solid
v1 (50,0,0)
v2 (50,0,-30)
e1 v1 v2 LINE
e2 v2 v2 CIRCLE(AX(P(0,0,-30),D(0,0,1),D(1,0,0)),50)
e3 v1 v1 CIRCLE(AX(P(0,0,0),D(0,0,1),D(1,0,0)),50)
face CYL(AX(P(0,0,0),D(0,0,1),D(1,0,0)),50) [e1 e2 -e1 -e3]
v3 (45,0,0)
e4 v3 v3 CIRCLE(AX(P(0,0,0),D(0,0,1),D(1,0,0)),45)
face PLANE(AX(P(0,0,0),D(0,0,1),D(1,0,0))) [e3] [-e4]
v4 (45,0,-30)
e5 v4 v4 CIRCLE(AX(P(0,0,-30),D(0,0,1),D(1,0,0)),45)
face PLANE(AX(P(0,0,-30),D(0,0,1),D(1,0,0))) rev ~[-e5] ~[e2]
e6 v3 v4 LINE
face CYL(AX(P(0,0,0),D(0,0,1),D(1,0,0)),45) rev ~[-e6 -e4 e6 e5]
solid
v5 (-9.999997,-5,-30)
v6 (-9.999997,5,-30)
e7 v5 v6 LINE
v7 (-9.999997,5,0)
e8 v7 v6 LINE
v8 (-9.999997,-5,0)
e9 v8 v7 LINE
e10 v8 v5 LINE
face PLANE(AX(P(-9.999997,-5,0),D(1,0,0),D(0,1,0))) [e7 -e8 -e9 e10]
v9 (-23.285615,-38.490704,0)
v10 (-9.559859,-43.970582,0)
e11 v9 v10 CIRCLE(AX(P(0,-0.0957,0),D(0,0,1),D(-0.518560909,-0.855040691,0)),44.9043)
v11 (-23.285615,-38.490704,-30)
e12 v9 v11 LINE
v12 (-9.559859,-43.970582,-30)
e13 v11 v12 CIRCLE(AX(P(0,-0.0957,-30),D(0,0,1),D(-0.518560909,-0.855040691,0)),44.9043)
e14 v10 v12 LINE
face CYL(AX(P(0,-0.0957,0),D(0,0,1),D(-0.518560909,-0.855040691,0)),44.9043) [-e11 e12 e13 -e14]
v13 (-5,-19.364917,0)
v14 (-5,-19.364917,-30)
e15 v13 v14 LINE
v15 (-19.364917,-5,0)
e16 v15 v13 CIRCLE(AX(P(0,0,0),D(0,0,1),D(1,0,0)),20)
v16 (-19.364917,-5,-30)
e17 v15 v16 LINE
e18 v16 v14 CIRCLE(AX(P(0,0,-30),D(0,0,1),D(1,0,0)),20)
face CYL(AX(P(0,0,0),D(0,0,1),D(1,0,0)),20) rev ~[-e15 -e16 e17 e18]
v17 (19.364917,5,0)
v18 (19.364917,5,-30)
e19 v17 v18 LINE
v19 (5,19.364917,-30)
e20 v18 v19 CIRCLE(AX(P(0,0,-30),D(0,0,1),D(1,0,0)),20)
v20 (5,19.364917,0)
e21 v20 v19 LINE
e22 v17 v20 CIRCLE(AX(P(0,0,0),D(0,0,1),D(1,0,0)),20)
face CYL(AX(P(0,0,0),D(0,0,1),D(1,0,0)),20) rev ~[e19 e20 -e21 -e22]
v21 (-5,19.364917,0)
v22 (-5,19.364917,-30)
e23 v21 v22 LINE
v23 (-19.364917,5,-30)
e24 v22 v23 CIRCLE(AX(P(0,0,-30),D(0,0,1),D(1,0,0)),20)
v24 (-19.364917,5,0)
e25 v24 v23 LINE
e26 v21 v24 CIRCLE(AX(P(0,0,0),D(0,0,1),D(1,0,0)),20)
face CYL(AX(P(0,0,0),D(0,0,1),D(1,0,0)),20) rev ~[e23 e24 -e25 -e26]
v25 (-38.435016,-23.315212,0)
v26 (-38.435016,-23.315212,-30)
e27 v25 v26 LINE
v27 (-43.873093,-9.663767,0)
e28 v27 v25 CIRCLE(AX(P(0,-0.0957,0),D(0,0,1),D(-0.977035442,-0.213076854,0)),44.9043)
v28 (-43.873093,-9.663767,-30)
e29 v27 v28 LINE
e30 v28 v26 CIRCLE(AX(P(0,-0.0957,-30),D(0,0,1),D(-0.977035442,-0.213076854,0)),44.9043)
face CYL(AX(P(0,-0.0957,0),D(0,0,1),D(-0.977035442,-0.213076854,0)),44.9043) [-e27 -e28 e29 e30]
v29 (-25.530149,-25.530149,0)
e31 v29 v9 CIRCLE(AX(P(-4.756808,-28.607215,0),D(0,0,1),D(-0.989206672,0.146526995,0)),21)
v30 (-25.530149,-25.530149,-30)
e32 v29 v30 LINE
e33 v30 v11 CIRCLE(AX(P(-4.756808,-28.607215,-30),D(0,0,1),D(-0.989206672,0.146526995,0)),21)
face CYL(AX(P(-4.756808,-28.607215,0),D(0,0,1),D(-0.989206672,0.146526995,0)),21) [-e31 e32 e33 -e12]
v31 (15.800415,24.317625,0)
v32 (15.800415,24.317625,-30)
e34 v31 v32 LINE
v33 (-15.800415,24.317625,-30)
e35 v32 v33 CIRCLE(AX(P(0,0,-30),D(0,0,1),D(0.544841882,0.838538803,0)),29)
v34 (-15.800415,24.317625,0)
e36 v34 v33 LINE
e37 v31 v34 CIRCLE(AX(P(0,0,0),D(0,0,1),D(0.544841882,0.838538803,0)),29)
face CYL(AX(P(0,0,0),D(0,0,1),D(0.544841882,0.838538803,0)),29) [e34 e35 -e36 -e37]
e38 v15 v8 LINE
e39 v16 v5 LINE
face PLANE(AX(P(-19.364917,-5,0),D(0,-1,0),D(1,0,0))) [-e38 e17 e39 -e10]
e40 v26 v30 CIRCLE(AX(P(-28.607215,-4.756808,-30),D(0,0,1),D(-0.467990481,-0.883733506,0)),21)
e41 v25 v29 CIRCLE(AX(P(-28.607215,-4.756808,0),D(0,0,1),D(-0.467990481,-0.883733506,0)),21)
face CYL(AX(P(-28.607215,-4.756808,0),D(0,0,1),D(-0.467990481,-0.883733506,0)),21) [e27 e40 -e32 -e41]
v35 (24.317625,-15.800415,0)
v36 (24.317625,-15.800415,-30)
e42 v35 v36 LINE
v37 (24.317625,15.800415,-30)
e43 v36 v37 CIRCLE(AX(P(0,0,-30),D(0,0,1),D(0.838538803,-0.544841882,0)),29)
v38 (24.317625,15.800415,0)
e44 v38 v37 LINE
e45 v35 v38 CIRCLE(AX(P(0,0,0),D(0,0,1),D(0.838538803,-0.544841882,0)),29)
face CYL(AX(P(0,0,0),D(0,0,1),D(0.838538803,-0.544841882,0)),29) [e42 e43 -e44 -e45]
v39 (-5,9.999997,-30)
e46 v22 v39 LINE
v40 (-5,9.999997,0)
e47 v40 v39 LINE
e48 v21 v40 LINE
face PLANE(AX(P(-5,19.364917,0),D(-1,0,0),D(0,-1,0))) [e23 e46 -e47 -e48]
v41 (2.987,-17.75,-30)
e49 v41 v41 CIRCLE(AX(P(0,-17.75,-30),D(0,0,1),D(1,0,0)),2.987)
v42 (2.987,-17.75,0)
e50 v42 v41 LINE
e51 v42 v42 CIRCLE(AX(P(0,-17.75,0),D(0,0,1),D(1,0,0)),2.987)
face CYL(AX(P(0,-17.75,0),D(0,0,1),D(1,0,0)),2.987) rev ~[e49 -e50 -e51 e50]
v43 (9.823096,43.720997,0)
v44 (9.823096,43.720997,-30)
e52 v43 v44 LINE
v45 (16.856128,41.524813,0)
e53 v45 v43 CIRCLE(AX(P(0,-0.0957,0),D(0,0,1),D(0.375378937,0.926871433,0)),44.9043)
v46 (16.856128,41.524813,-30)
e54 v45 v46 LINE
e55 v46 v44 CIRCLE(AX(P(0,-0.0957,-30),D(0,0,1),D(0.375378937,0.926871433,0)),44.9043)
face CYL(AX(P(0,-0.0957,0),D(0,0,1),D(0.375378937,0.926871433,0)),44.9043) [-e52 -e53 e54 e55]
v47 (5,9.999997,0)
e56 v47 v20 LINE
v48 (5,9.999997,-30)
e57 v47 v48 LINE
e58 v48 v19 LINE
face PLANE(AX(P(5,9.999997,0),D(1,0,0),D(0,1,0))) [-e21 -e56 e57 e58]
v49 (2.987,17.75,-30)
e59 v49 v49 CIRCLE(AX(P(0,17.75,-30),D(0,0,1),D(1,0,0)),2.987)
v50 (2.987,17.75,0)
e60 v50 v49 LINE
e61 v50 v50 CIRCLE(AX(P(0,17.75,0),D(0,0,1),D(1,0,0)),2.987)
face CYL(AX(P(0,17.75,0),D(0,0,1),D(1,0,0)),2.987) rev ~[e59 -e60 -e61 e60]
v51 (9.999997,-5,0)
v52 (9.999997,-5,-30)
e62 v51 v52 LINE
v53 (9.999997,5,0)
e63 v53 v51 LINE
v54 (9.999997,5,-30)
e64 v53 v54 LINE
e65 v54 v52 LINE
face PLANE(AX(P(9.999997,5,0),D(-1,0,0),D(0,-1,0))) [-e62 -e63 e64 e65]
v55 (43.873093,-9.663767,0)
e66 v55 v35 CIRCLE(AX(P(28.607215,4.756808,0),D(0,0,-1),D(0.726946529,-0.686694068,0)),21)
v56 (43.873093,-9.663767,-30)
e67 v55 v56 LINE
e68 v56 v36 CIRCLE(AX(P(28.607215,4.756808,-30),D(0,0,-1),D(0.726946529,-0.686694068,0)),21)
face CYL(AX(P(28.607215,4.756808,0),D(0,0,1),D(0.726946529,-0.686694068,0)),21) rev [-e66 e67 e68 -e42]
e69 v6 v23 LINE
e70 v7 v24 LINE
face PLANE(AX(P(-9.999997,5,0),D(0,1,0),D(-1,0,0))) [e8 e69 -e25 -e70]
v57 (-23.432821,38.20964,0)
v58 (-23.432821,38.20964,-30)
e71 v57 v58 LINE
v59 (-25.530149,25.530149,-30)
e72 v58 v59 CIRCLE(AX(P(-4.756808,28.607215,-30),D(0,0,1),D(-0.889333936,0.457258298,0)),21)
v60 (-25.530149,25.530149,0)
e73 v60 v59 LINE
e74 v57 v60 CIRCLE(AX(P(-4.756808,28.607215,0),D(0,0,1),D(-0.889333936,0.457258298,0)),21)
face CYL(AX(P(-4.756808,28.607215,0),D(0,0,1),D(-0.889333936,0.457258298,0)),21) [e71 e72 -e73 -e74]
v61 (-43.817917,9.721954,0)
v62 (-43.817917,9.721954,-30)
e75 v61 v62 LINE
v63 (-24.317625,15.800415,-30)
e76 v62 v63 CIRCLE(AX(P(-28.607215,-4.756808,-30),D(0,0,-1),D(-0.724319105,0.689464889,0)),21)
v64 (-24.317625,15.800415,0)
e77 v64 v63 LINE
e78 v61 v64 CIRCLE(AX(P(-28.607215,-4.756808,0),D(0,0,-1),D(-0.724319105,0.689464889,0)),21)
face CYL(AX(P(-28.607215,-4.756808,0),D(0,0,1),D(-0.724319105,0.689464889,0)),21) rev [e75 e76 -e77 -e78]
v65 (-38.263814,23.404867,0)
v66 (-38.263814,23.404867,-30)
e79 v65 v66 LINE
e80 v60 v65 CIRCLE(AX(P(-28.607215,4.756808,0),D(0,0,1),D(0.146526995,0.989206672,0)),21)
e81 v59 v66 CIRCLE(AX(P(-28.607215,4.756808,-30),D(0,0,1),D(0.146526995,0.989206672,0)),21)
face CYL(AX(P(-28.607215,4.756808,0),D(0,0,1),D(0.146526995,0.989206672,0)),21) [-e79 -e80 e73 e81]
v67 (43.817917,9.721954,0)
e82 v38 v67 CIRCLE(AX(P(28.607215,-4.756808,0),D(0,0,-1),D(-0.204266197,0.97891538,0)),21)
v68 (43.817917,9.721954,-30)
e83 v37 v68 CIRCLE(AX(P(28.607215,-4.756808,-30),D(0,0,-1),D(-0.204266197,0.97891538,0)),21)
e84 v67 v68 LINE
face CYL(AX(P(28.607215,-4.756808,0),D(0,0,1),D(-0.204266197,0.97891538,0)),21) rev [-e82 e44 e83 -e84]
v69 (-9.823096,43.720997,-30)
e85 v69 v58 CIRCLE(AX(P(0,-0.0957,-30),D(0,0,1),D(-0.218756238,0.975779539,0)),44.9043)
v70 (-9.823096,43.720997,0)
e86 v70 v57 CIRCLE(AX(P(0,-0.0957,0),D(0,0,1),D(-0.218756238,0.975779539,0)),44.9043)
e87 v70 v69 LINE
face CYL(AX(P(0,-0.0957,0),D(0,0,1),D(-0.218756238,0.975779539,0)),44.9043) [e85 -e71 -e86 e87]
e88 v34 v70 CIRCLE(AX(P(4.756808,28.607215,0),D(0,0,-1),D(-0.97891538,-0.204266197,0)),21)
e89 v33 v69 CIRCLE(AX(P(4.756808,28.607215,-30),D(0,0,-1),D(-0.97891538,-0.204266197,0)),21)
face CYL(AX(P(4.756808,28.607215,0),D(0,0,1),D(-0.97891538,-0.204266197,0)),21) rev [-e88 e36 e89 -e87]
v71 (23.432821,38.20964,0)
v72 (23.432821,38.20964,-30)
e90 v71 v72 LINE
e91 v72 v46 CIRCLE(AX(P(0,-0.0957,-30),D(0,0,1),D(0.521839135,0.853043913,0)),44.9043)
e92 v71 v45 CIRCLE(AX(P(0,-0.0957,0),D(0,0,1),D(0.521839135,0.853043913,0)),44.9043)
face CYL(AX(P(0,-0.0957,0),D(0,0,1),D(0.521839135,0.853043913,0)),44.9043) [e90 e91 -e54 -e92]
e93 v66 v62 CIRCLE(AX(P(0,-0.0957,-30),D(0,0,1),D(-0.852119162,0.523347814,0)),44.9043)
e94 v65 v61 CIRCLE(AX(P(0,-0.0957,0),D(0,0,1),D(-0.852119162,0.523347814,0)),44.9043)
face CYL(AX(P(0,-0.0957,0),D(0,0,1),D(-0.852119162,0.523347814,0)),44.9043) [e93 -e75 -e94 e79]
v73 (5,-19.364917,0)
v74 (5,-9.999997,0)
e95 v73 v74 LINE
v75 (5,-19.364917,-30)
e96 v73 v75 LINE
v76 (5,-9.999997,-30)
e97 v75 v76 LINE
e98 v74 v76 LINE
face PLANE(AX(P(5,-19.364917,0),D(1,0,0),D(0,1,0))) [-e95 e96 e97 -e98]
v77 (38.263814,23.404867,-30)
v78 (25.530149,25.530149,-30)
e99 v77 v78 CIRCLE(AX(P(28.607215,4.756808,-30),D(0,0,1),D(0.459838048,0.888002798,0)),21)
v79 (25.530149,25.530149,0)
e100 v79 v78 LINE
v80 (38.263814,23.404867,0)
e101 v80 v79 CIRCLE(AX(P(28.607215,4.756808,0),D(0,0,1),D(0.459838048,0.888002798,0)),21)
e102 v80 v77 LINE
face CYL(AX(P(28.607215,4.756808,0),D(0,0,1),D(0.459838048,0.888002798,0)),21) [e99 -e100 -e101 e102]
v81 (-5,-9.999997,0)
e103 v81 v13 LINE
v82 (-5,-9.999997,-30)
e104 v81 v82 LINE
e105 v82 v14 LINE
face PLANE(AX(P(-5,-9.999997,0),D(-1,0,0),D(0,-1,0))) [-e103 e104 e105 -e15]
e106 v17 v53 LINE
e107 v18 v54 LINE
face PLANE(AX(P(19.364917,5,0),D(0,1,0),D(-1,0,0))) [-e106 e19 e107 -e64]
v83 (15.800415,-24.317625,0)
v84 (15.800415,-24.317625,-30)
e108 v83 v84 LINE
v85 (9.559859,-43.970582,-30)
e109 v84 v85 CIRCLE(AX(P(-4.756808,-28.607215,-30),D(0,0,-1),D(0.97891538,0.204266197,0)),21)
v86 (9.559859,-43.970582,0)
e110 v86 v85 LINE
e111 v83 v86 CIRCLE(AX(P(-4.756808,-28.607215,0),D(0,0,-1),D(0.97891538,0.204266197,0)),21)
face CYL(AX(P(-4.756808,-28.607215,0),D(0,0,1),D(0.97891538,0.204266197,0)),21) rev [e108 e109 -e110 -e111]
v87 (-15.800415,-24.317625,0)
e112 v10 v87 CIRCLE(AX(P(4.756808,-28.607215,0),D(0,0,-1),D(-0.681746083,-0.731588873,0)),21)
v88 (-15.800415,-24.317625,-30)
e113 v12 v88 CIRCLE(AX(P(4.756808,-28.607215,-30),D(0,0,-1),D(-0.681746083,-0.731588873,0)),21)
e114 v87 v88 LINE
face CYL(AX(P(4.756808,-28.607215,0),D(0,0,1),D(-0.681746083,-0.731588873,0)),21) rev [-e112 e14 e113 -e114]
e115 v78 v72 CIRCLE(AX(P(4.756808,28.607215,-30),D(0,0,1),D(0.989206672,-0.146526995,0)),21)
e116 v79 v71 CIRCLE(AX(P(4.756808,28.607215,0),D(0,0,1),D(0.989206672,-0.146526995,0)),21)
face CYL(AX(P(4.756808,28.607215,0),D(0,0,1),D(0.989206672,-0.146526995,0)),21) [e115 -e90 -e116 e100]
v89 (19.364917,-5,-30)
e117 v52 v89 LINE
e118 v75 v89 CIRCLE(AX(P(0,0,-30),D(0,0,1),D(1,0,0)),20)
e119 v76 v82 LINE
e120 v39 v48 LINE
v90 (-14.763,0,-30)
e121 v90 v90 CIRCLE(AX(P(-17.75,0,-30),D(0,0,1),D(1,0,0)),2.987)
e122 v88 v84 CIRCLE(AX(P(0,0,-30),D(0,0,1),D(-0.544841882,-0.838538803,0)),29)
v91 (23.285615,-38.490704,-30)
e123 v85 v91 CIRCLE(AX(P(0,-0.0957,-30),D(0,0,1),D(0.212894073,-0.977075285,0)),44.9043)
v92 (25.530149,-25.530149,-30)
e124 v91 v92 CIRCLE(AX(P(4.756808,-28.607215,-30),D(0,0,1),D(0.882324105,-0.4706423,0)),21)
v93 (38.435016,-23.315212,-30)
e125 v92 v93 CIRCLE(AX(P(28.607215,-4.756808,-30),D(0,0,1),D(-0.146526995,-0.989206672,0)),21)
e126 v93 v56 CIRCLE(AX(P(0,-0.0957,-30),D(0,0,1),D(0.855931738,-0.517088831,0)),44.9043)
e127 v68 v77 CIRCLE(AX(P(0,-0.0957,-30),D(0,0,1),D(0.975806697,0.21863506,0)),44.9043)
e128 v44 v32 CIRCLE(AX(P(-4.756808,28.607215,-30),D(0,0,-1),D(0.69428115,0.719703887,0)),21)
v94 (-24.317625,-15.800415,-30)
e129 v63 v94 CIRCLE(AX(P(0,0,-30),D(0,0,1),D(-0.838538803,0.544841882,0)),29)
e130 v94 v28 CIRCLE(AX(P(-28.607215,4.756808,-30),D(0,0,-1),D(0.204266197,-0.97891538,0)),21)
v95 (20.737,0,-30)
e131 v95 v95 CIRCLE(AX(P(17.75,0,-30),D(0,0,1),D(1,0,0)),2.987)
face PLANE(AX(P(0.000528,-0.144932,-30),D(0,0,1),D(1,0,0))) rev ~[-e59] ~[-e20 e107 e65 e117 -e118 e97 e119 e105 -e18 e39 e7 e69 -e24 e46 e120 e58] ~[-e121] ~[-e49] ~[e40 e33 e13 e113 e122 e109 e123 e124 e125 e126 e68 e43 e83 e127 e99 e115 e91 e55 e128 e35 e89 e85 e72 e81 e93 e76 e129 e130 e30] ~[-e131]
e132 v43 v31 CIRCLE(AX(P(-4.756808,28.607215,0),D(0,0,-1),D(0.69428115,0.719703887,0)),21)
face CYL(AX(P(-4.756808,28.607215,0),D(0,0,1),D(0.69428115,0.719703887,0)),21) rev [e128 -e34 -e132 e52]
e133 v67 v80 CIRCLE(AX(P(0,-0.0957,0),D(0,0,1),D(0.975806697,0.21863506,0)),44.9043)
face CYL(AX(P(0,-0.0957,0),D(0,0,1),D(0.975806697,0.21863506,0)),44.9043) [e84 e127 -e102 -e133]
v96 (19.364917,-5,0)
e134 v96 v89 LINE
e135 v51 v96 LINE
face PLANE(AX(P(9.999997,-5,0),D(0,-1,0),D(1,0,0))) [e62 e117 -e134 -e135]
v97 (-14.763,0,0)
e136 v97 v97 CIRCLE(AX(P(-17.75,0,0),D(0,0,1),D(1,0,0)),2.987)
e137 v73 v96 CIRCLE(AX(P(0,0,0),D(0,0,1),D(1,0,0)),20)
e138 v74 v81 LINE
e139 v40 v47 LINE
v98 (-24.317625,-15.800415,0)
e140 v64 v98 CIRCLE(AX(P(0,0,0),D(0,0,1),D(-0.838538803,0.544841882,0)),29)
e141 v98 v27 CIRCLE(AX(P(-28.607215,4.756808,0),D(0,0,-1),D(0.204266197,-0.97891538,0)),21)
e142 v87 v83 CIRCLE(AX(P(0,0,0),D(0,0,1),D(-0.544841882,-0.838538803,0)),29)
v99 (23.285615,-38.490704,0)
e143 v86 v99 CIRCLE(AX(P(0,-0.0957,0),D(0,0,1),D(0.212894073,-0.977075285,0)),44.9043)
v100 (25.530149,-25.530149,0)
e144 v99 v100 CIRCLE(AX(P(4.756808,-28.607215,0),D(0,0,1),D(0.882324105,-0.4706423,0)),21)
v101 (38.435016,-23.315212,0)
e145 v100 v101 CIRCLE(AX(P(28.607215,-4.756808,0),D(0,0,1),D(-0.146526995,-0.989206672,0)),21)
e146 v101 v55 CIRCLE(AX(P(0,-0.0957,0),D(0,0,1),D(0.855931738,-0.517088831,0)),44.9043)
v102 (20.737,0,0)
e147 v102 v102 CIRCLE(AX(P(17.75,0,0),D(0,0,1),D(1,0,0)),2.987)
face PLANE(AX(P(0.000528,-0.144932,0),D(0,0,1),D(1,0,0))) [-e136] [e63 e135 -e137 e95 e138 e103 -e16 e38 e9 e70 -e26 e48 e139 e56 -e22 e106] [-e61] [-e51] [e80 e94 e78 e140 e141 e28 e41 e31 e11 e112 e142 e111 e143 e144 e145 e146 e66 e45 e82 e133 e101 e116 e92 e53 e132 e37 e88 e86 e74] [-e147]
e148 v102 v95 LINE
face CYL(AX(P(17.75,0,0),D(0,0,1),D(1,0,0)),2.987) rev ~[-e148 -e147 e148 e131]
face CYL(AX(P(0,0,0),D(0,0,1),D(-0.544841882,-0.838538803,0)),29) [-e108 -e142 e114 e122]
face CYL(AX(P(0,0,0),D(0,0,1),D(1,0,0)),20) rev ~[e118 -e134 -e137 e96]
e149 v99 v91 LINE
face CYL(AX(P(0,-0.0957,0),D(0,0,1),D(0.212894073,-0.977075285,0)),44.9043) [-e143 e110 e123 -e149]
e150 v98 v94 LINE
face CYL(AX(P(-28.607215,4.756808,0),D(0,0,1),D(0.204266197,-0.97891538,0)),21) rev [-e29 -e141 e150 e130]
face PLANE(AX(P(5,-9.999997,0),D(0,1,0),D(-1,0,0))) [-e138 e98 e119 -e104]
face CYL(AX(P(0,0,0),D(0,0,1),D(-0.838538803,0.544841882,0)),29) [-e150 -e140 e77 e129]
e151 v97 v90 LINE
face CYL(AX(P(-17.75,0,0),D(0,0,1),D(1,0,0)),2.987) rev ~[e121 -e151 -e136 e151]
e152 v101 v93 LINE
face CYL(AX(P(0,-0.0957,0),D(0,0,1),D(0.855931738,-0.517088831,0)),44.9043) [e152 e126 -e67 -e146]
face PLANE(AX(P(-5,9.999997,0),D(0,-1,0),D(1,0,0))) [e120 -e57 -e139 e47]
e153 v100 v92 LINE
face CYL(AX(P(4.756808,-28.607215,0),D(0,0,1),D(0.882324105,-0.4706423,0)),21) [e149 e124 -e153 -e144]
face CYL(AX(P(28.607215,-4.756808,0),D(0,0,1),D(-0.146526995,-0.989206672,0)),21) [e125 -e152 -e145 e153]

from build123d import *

# Parameters (mm, degrees)
SKETCH6_R                        = 29
SKETCH6_R_2                      = 20
INNER_RING_DEPTH                 = 30
MOTOR_CONNECTOR_CUT_DEPTH        = 30
SKETCH9_R                        = 50
SKETCH9_R_2                      = 29
OUTSIDE_RING_EXTRUSION_DEPTH     = 30
SKETCH12_R                       = 45
SKETCH12_R_2                     = 27.5
CUT_EXTRUDE6_DEPTH               = 38
CUT_EXTRUDE6_DEPTH_BACK          = 56
SKETCH8_R                        = 2.987
MOTOR_CONNECTOR_HOLES_DEPTH      = 27
MOTOR_CONNECTOR_HOLES_DEPTH_BACK = 41
SKETCH10_R                       = 27.404299948
PATTERN_DEPTH                    = 30


with BuildPart() as part:
    # Sketch6 → Inner Ring (new body)
    with BuildSketch(Plane.XY):
        Circle(SKETCH6_R)
        Circle(SKETCH6_R_2, mode=Mode.SUBTRACT)
    extrude(amount=-INNER_RING_DEPTH)

    # Sketch7 → Motor Connector Cut (add)
    with BuildSketch(Plane.XY):
        with BuildLine():
            ThreePointArc((20, 0), (19.840593925, 2.52008585), (19.364916731, 5))
            Line((19.364916731, 5), (9.999996731, 5))
            Line((9.999996731, 5), (9.999996731, -5))
            Line((9.999996731, -5), (19.364916731, -5))
            ThreePointArc((19.364916731, -5), (19.840593925, -2.52008585), (20, 0))
        make_face()
        with BuildLine():
            ThreePointArc((5, 19.364916731), (0, 20), (-5, 19.364916731))
            Line((-5, 19.364916731), (-5, 9.999996731))
            Line((-5, 9.999996731), (5, 9.999996731))
            Line((5, 9.999996731), (5, 19.364916731))
        make_face()
        with BuildLine():
            Line((-9.999996731, -5), (-9.999996731, 5))
            Line((-9.999996731, 5), (-19.364916731, 5))
            ThreePointArc((-19.364916731, 5), (-20, 0), (-19.364916731, -5))
            Line((-19.364916731, -5), (-9.999996731, -5))
        make_face()
        with BuildLine():
            Line((-5, -9.999996731), (-5, -19.364916731))
            ThreePointArc((-5, -19.364916731), (0, -20), (5, -19.364916731))
            Line((5, -19.364916731), (5, -9.999996731))
            Line((5, -9.999996731), (-5, -9.999996731))
        make_face()
    extrude(amount=-MOTOR_CONNECTOR_CUT_DEPTH)

    # Sketch9 → Outside Ring Extrusion (add)
    with BuildSketch(Plane.XY):
        Circle(SKETCH9_R)
        Circle(SKETCH9_R_2, mode=Mode.SUBTRACT)
    extrude(amount=-OUTSIDE_RING_EXTRUSION_DEPTH)

    # Sketch12 → Cut-Extrude6 (cut, two sides)
    with BuildSketch(Plane.XY) as cut_extrude6_sk:
        Circle(SKETCH12_R)
        Circle(SKETCH12_R_2, mode=Mode.SUBTRACT)
    extrude(amount=CUT_EXTRUDE6_DEPTH, mode=Mode.SUBTRACT)
    extrude(cut_extrude6_sk.sketch, amount=-CUT_EXTRUDE6_DEPTH_BACK, mode=Mode.SUBTRACT)

    # Sketch8 → Motor Connector Holes (cut, two sides)
    with BuildSketch(Plane.XY) as motor_connector_holes_sk:
        with Locations((0, 17.75)):
            Circle(SKETCH8_R)
        with Locations((17.75, 0)):
            Circle(SKETCH8_R)
        with Locations((0, -17.75)):
            Circle(SKETCH8_R)
        with Locations((-17.75, 0)):
            Circle(SKETCH8_R)
    extrude(amount=MOTOR_CONNECTOR_HOLES_DEPTH, mode=Mode.SUBTRACT)
    extrude(motor_connector_holes_sk.sketch, amount=-MOTOR_CONNECTOR_HOLES_DEPTH_BACK, mode=Mode.SUBTRACT)

    # Sketch10 → Pattern (add)
    with BuildSketch(Plane.XY):
        with BuildLine():
            ThreePointArc((24.317625284, 15.800414568), (34.856582319, 15.291767932), (43.817916626, 9.721954269))
            ThreePointArc((43.817916626, 9.721954269), (41.607188912, 16.793289988), (38.263814419, 23.404867172))
            ThreePointArc((38.263814419, 23.404867172), (32.064348025, 25.470287935), (25.530148518, 25.530148518))
            ThreePointArc((25.530148518, 25.530148518), (25.475284033, 32.034279432), (23.432821057, 38.209639668))
            ThreePointArc((23.432821057, 38.209639668), (20.212556871, 40.002288656), (16.856128399, 41.524812789))
            ThreePointArc((16.856128399, 41.524812789), (13.384732217, 42.767397097), (9.823095744, 43.720997037))
            ThreePointArc((9.823095744, 43.720997037), (15.312499865, 34.789679765), (15.800414568, 24.317625284))
            ThreePointArc((15.800414568, 24.317625284), (0, 29), (-15.800414568, 24.317625284))
            ThreePointArc((-15.800414568, 24.317625284), (-15.312499865, 34.789679765), (-9.823095744, 43.720997037))
            ThreePointArc((-9.823095744, 43.720997037), (-16.854754984, 41.52536899), (-23.432821057, 38.209639668))
            ThreePointArc((-23.432821057, 38.209639668), (-25.475284033, 32.034279432), (-25.530148518, 25.530148518))
            ThreePointArc((-25.530148518, 25.530148518), (-32.064348025, 25.470287935), (-38.263814419, 23.404867172))
            ThreePointArc((-38.263814419, 23.404867172), (-41.607188912, 16.793289988), (-43.817916626, 9.721954269))
            ThreePointArc((-43.817916626, 9.721954269), (-34.856582319, 15.291767932), (-24.317625284, 15.800414568))
            ThreePointArc((-24.317625284, 15.800414568), (-29, 0), (-24.317625284, -15.800414568))
            ThreePointArc((-24.317625284, -15.800414568), (-34.894848495, -15.279799844), (-43.87309253, -9.663767027))
            ThreePointArc((-43.87309253, -9.663767027), (-41.716263612, -16.713446711), (-38.435015504, -23.315212041))
            ThreePointArc((-38.435015504, -23.315212041), (-32.159621016, -25.454161245), (-25.530148518, -25.530148518))
            ThreePointArc((-25.530148518, -25.530148518), (-25.448803812, -32.190695038), (-23.285614603, -38.490703716))
            ThreePointArc((-23.285614603, -38.490703716), (-16.649731385, -41.799208281), (-9.559859326, -43.970581744))
            ThreePointArc((-9.559859326, -43.970581744), (-15.258354287, -34.962784804), (-15.800414568, -24.317625284))
            ThreePointArc((-15.800414568, -24.317625284), (0, -29), (15.800414568, -24.317625284))
            ThreePointArc((15.800414568, -24.317625284), (15.258354287, -34.962784804), (9.559859326, -43.970581744))
            ThreePointArc((9.559859326, -43.970581744), (16.649731385, -41.799208281), (23.285614603, -38.490703716))
            ThreePointArc((23.285614603, -38.490703716), (25.448803812, -32.190695038), (25.530148518, -25.530148518))
            ThreePointArc((25.530148518, -25.530148518), (32.159621016, -25.454161245), (38.435015504, -23.315212041))
            ThreePointArc((38.435015504, -23.315212041), (41.716263612, -16.713446711), (43.87309253, -9.663767027))
            ThreePointArc((43.87309253, -9.663767027), (34.894848495, -15.279799844), (24.317625284, -15.800414568))
            ThreePointArc((24.317625284, -15.800414568), (29, 0), (24.317625284, 15.800414568))
        make_face()
        with Locations((-0.095700052, 0)):
            Circle(SKETCH10_R, mode=Mode.SUBTRACT)
    extrude(amount=-PATTERN_DEPTH)


solid = part.part
